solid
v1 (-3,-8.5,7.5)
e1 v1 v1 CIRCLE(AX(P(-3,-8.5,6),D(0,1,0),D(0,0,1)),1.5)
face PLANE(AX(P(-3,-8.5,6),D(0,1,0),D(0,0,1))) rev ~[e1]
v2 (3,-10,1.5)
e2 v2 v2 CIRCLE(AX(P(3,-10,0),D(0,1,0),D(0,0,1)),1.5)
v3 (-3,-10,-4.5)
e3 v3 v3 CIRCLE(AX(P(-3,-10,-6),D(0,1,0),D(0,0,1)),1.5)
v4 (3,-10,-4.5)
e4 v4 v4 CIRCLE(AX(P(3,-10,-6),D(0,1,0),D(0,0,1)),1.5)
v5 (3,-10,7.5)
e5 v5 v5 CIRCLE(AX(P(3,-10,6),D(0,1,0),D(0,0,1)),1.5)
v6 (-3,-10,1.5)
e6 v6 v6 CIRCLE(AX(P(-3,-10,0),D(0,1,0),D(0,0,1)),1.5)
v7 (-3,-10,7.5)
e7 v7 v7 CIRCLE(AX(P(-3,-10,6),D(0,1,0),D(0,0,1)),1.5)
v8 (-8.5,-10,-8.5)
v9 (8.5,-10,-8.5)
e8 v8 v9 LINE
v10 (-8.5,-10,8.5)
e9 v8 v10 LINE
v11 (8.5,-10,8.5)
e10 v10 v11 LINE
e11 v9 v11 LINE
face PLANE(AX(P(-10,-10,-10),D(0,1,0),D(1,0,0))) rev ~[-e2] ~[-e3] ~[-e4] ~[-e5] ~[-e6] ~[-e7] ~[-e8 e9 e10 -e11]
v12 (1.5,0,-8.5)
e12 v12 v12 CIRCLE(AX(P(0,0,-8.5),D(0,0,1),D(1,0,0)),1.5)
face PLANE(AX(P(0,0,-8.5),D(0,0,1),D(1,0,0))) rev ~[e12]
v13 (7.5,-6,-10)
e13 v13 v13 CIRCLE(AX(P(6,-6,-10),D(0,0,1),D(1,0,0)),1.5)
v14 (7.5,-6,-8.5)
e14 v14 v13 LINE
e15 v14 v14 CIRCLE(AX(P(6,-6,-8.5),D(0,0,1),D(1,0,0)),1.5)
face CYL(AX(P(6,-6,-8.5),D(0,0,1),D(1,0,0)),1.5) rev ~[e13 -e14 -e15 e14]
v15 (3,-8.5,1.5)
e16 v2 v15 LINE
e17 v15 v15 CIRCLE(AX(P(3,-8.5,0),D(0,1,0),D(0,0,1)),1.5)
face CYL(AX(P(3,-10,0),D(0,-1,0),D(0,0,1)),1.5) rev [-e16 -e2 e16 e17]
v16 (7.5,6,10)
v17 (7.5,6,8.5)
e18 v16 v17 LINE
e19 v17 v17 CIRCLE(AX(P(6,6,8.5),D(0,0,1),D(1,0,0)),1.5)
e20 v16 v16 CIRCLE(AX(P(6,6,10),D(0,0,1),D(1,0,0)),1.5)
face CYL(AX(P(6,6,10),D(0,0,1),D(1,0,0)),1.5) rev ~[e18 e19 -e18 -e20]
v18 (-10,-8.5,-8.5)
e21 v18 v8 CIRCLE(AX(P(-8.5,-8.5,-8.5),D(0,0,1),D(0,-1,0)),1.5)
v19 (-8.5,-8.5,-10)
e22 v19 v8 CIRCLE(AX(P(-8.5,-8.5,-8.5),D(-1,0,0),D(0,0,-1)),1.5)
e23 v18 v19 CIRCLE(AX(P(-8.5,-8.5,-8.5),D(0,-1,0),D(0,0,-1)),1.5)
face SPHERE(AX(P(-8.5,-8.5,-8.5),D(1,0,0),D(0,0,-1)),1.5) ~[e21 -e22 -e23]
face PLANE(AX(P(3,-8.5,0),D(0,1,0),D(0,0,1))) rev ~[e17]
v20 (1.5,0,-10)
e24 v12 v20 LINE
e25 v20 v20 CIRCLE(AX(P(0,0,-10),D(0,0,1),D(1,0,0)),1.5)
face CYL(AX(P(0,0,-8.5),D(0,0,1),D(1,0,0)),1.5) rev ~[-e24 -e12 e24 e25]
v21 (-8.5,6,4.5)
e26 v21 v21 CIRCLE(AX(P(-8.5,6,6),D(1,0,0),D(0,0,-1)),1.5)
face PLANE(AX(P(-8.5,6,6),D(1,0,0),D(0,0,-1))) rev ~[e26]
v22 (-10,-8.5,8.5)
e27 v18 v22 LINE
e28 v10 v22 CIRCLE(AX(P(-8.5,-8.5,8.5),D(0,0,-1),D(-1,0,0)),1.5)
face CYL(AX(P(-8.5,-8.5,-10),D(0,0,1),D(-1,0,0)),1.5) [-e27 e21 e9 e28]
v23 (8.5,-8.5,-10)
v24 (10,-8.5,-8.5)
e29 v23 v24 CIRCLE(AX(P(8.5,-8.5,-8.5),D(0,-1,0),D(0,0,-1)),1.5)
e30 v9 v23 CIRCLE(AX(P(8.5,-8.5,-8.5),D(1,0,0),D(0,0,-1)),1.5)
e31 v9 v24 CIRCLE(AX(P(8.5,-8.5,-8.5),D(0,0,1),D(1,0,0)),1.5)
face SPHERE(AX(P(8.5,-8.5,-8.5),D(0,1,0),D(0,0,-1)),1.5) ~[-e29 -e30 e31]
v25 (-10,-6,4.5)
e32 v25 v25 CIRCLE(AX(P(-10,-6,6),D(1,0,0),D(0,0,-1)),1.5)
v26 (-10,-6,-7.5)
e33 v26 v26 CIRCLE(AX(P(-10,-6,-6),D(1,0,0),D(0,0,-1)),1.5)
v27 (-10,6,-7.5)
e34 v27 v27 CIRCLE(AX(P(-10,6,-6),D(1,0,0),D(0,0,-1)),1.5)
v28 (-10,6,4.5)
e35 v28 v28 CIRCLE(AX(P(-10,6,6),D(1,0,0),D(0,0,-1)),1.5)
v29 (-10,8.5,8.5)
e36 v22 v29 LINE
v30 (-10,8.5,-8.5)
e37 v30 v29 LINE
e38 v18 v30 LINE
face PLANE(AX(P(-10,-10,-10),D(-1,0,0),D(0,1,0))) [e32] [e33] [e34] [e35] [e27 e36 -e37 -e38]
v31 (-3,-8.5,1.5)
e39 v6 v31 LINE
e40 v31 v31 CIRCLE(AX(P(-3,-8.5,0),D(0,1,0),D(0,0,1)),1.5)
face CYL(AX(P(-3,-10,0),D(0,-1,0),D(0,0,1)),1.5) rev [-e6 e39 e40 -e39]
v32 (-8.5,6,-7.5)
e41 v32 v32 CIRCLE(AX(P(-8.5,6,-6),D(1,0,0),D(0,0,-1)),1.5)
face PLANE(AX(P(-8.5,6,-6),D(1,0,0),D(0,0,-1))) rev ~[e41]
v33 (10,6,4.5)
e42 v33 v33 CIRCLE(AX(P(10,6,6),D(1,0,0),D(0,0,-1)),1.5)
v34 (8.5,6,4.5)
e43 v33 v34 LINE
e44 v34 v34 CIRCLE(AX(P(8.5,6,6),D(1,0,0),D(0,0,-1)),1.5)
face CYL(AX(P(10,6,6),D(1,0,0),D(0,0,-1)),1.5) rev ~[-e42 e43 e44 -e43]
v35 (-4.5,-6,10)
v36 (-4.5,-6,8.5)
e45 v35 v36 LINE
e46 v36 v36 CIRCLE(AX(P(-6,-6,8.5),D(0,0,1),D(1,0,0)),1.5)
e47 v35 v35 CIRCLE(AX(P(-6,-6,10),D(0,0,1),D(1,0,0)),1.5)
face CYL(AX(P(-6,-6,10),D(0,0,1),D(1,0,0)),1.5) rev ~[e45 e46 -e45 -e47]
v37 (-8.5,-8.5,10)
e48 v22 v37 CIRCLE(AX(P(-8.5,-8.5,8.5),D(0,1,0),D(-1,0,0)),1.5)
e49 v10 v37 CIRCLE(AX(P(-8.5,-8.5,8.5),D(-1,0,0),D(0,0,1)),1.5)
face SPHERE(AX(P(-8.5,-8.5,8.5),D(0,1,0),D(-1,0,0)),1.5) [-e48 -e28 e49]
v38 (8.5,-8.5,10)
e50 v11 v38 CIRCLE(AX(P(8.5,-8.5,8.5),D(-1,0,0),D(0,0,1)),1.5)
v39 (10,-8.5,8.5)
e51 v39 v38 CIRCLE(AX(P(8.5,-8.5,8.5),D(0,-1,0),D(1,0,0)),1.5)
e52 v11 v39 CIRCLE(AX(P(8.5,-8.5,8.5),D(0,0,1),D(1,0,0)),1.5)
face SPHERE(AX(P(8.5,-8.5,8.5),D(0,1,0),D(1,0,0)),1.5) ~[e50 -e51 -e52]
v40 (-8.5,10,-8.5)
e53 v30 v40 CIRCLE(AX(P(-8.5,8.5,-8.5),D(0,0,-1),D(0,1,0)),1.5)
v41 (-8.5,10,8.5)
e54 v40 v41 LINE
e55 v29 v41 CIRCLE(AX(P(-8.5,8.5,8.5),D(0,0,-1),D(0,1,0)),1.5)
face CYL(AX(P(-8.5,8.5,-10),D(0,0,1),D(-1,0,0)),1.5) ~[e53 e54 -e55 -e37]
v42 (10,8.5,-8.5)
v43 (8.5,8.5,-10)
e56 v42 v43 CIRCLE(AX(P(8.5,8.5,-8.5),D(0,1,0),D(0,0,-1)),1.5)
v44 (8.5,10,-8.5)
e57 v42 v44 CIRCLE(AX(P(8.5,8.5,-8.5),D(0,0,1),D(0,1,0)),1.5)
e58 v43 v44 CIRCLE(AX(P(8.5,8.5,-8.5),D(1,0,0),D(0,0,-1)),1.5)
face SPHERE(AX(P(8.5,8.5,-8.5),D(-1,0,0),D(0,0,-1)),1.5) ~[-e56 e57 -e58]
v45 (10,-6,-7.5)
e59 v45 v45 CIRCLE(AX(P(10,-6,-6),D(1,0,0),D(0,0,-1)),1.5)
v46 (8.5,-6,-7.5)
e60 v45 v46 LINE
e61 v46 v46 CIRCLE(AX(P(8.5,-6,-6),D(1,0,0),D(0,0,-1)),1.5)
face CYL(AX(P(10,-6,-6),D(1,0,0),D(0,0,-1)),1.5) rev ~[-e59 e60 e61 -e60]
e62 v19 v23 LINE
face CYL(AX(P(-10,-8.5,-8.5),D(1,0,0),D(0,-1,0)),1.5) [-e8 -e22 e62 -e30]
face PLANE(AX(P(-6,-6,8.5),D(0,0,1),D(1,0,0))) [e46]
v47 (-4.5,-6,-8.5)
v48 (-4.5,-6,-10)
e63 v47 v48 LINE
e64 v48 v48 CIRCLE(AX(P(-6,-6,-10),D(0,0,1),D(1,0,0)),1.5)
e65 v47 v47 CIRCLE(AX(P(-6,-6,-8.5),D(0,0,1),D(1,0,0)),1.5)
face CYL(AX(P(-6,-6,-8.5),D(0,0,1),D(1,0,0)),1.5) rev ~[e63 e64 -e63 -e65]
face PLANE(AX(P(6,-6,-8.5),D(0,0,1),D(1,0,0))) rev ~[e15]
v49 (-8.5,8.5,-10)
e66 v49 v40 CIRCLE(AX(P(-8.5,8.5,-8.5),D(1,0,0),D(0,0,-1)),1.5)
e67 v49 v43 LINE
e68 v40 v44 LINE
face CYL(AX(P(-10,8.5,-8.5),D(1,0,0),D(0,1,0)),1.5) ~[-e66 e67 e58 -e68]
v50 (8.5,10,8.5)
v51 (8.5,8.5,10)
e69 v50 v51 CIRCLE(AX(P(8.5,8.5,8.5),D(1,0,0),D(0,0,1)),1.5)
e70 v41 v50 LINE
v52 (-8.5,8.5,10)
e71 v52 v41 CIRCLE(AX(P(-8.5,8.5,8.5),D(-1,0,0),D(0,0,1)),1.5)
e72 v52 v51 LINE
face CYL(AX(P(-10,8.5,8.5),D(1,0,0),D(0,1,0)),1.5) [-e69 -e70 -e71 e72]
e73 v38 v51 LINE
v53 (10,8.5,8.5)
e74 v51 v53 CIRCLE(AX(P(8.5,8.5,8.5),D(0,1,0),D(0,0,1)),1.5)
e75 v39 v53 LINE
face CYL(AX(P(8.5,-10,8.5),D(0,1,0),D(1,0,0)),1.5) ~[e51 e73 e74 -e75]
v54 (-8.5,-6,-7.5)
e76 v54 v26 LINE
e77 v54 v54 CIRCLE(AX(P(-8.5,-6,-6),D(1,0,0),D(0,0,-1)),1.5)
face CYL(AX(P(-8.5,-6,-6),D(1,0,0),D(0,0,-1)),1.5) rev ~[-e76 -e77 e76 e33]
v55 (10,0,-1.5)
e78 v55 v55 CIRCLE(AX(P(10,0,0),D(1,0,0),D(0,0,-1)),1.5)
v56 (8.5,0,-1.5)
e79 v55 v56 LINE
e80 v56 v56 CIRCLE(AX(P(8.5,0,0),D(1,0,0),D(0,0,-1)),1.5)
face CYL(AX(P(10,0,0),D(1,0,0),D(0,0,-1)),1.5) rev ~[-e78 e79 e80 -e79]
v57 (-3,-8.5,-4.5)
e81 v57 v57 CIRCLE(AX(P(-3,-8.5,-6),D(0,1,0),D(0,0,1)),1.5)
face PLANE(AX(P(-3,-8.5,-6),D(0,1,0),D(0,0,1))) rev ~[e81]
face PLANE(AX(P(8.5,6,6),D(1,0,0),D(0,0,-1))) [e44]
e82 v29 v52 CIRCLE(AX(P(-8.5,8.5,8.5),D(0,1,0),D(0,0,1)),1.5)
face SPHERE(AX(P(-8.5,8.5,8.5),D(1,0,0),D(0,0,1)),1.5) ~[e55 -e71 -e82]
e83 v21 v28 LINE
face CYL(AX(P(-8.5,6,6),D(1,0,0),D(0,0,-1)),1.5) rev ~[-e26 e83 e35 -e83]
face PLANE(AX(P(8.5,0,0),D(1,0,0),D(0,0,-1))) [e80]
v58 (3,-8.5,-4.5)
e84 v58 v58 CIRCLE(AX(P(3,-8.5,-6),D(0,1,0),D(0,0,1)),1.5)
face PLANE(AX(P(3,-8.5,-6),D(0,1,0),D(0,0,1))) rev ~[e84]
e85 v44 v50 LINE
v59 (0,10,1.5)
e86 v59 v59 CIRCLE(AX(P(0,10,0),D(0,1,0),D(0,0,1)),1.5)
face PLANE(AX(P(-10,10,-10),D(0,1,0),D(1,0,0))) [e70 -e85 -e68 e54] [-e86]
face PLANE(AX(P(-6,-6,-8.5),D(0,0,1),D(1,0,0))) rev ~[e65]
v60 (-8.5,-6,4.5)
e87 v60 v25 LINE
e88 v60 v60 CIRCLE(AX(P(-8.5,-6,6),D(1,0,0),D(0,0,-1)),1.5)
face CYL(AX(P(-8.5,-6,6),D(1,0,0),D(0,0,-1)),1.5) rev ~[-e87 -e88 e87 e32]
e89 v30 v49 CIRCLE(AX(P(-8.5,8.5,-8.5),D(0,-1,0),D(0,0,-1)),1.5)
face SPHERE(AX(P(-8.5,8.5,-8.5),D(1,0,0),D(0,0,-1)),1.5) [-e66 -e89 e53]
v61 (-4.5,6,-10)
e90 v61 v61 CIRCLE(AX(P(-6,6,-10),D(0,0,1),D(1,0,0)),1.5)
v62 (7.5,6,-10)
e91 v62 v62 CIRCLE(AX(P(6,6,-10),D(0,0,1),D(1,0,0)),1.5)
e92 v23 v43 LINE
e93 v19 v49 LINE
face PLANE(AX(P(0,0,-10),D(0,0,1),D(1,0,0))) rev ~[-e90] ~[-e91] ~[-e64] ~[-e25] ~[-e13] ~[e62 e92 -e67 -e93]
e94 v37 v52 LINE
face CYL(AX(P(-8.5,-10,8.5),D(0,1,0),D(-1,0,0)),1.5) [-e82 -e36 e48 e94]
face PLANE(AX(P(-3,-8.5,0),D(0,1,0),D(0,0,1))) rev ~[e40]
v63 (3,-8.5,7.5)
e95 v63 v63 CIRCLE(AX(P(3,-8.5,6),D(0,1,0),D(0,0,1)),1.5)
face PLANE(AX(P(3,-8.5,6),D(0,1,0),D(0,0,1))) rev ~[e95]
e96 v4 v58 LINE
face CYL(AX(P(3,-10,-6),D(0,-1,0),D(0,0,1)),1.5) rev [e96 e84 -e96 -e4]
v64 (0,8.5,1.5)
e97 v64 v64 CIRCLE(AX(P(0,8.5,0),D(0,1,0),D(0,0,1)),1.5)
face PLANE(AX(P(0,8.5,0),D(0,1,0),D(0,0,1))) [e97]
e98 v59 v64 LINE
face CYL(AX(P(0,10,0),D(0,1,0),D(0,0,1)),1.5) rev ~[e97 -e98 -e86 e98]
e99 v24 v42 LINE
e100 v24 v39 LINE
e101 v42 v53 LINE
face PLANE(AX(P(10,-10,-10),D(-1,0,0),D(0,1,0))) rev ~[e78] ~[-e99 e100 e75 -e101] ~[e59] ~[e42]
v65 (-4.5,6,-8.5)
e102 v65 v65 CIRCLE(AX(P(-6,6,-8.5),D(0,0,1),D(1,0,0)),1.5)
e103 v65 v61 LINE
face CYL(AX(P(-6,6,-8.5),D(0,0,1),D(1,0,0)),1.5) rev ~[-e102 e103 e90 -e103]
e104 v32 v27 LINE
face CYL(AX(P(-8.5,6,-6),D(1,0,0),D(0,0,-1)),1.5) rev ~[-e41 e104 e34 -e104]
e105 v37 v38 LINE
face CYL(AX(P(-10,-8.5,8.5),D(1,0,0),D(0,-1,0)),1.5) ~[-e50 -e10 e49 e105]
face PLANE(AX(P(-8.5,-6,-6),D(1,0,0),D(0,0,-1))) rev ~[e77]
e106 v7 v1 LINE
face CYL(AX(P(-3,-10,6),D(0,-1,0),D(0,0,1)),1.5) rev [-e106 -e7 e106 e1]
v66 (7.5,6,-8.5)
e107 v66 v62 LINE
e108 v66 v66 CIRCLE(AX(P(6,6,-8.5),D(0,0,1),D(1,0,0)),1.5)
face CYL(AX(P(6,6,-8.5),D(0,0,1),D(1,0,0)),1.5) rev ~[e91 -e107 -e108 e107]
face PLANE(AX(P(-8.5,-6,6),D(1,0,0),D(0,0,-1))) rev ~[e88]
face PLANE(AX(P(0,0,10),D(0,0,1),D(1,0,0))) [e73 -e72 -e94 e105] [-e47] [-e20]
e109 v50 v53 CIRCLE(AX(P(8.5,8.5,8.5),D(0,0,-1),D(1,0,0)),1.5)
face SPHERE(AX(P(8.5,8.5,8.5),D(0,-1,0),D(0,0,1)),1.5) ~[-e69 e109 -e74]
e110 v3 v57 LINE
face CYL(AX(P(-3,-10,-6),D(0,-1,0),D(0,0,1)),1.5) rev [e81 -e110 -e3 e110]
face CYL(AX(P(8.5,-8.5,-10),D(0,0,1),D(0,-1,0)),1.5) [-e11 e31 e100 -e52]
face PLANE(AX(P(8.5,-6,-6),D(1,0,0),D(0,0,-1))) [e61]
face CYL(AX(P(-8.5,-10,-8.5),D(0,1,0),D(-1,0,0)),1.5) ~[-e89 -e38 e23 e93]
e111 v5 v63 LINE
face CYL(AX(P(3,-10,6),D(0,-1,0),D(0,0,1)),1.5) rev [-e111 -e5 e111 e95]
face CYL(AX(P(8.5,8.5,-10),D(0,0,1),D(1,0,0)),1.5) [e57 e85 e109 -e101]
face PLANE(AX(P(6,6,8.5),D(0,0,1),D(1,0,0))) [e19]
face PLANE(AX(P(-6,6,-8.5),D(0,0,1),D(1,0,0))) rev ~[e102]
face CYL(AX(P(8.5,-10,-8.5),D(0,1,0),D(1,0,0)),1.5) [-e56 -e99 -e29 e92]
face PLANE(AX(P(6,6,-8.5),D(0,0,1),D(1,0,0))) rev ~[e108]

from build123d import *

# Parameters (mm, degrees)
SKETCH_1_W          = 20
SKETCH_1_H          = 20
EXTRUDE_1_DEPTH     = 20
FILLET_1_R          = 1.5
SKETCH_2_R          = 1.5
CUT_EXTRUDE_1_DEPTH = 1.5
SKETCH_3_R          = 1.5
CUT_EXTRUDE_2_DEPTH = 1.5
SKETCH_4_R          = 1.5
CUT_EXTRUDE_3_DEPTH = 1.5
CUT_EXTRUDE_START   = 1.5
SKETCH_5_R          = 1.5
CUT_EXTRUDE_4_DEPTH = 1.5
SKETCH_6_R          = 1.5
CUT_EXTRUDE_5_DEPTH = 1.5
SKETCH_7_R          = 1.5
CUT_EXTRUDE_6_DEPTH = 1.5


with BuildPart() as part:
    # 草图1 → 凸台-拉伸1 (new body)
    with BuildSketch(Plane.XY.offset(-10)):
        Rectangle(SKETCH_1_W, SKETCH_1_H)
    extrude(amount=EXTRUDE_1_DEPTH)

    # 圆角1
    fillet_1_edges = [part.edges().sort_by_distance(p)[0] for p in [
        (10, 0, 10),
        (0, 10, 10),
        (-10, 0, 10),
        (0, 10, -10),
        (10, 0, -10),
        (0, -10, -10),
        (-10, 0, -10),
        (-10, 10, 0),
        (10, 10, 0),
        (10, -10, 0),
        (-10, -10, 0),
        (0, -10, 10),
    ]]
    fillet(fillet_1_edges, radius=FILLET_1_R)

    # 草图2 → 切除-拉伸1 (cut)
    with BuildSketch(Plane(origin=(0, 10, 0), x_dir=(1, 0, 0), z_dir=(0, 1, 0))):
        with Locations(Location((0, 0, 0), (0, 0, 270))):
            Circle(SKETCH_2_R)
    extrude(amount=-CUT_EXTRUDE_1_DEPTH, mode=Mode.SUBTRACT)

    # 草图3 → 切除-拉伸2 (cut)
    with BuildSketch(Plane(origin=(0, -10, 0), x_dir=(1, 0, 0), z_dir=(0, 1, 0))):
        with Locations(Location((-3, 6, 0), (0, 0, 270))):
            Circle(SKETCH_3_R)
        with Locations(Location((-3, 0, 0), (0, 0, 270))):
            Circle(SKETCH_3_R)
        with Locations(Location((-3, -6, 0), (0, 0, 270))):
            Circle(SKETCH_3_R)
        with Locations(Location((3, 6, 0), (0, 0, 270))):
            Circle(SKETCH_3_R)
        with Locations(Location((3, 0, 0), (0, 0, 270))):
            Circle(SKETCH_3_R)
        with Locations(Location((3, -6, 0), (0, 0, 270))):
            Circle(SKETCH_3_R)
    extrude(amount=CUT_EXTRUDE_2_DEPTH, mode=Mode.SUBTRACT)

    # 草图4 → 切除-拉伸3 (cut)
    with BuildSketch(Plane.XY.offset(10)):
        with Locations((-6, -6)):
            Circle(SKETCH_4_R)
        with Locations((6, 6)):
            Circle(SKETCH_4_R)
    extrude(amount=-CUT_EXTRUDE_3_DEPTH, mode=Mode.SUBTRACT)

    # 草图5 → 切除-拉伸4 (cut)
    with BuildSketch(Plane.XY.offset(-10).offset(CUT_EXTRUDE_START)):
        with Locations((-6, -6)):
            Circle(SKETCH_5_R)
        with Locations((6, -6)):
            Circle(SKETCH_5_R)
        Circle(SKETCH_5_R)
        with Locations((-6, 6)):
            Circle(SKETCH_5_R)
        with Locations((6, 6)):
            Circle(SKETCH_5_R)
    extrude(amount=-CUT_EXTRUDE_4_DEPTH, mode=Mode.SUBTRACT)

    # 草图6 → 切除-拉伸5 (cut)
    with BuildSketch(Plane(origin=(10, 0, 0), x_dir=(0, 0, -1), z_dir=(1, 0, 0))):
        with Locations((6, -6)):
            Circle(SKETCH_6_R)
        Circle(SKETCH_6_R)
        with Locations((-6, 6)):
            Circle(SKETCH_6_R)
    extrude(amount=-CUT_EXTRUDE_5_DEPTH, mode=Mode.SUBTRACT)

    # 草图7 → 切除-拉伸6 (cut)
    with BuildSketch(Plane(origin=(-10, 0, 0), x_dir=(0, 0, -1), z_dir=(1, 0, 0)).offset(CUT_EXTRUDE_START)):
        with Locations((6, -6)):
            Circle(SKETCH_7_R)
        with Locations((-6, -6)):
            Circle(SKETCH_7_R)
        with Locations((6, 6)):
            Circle(SKETCH_7_R)
        with Locations((-6, 6)):
            Circle(SKETCH_7_R)
    extrude(amount=-CUT_EXTRUDE_6_DEPTH, mode=Mode.SUBTRACT)


solid = part.part
